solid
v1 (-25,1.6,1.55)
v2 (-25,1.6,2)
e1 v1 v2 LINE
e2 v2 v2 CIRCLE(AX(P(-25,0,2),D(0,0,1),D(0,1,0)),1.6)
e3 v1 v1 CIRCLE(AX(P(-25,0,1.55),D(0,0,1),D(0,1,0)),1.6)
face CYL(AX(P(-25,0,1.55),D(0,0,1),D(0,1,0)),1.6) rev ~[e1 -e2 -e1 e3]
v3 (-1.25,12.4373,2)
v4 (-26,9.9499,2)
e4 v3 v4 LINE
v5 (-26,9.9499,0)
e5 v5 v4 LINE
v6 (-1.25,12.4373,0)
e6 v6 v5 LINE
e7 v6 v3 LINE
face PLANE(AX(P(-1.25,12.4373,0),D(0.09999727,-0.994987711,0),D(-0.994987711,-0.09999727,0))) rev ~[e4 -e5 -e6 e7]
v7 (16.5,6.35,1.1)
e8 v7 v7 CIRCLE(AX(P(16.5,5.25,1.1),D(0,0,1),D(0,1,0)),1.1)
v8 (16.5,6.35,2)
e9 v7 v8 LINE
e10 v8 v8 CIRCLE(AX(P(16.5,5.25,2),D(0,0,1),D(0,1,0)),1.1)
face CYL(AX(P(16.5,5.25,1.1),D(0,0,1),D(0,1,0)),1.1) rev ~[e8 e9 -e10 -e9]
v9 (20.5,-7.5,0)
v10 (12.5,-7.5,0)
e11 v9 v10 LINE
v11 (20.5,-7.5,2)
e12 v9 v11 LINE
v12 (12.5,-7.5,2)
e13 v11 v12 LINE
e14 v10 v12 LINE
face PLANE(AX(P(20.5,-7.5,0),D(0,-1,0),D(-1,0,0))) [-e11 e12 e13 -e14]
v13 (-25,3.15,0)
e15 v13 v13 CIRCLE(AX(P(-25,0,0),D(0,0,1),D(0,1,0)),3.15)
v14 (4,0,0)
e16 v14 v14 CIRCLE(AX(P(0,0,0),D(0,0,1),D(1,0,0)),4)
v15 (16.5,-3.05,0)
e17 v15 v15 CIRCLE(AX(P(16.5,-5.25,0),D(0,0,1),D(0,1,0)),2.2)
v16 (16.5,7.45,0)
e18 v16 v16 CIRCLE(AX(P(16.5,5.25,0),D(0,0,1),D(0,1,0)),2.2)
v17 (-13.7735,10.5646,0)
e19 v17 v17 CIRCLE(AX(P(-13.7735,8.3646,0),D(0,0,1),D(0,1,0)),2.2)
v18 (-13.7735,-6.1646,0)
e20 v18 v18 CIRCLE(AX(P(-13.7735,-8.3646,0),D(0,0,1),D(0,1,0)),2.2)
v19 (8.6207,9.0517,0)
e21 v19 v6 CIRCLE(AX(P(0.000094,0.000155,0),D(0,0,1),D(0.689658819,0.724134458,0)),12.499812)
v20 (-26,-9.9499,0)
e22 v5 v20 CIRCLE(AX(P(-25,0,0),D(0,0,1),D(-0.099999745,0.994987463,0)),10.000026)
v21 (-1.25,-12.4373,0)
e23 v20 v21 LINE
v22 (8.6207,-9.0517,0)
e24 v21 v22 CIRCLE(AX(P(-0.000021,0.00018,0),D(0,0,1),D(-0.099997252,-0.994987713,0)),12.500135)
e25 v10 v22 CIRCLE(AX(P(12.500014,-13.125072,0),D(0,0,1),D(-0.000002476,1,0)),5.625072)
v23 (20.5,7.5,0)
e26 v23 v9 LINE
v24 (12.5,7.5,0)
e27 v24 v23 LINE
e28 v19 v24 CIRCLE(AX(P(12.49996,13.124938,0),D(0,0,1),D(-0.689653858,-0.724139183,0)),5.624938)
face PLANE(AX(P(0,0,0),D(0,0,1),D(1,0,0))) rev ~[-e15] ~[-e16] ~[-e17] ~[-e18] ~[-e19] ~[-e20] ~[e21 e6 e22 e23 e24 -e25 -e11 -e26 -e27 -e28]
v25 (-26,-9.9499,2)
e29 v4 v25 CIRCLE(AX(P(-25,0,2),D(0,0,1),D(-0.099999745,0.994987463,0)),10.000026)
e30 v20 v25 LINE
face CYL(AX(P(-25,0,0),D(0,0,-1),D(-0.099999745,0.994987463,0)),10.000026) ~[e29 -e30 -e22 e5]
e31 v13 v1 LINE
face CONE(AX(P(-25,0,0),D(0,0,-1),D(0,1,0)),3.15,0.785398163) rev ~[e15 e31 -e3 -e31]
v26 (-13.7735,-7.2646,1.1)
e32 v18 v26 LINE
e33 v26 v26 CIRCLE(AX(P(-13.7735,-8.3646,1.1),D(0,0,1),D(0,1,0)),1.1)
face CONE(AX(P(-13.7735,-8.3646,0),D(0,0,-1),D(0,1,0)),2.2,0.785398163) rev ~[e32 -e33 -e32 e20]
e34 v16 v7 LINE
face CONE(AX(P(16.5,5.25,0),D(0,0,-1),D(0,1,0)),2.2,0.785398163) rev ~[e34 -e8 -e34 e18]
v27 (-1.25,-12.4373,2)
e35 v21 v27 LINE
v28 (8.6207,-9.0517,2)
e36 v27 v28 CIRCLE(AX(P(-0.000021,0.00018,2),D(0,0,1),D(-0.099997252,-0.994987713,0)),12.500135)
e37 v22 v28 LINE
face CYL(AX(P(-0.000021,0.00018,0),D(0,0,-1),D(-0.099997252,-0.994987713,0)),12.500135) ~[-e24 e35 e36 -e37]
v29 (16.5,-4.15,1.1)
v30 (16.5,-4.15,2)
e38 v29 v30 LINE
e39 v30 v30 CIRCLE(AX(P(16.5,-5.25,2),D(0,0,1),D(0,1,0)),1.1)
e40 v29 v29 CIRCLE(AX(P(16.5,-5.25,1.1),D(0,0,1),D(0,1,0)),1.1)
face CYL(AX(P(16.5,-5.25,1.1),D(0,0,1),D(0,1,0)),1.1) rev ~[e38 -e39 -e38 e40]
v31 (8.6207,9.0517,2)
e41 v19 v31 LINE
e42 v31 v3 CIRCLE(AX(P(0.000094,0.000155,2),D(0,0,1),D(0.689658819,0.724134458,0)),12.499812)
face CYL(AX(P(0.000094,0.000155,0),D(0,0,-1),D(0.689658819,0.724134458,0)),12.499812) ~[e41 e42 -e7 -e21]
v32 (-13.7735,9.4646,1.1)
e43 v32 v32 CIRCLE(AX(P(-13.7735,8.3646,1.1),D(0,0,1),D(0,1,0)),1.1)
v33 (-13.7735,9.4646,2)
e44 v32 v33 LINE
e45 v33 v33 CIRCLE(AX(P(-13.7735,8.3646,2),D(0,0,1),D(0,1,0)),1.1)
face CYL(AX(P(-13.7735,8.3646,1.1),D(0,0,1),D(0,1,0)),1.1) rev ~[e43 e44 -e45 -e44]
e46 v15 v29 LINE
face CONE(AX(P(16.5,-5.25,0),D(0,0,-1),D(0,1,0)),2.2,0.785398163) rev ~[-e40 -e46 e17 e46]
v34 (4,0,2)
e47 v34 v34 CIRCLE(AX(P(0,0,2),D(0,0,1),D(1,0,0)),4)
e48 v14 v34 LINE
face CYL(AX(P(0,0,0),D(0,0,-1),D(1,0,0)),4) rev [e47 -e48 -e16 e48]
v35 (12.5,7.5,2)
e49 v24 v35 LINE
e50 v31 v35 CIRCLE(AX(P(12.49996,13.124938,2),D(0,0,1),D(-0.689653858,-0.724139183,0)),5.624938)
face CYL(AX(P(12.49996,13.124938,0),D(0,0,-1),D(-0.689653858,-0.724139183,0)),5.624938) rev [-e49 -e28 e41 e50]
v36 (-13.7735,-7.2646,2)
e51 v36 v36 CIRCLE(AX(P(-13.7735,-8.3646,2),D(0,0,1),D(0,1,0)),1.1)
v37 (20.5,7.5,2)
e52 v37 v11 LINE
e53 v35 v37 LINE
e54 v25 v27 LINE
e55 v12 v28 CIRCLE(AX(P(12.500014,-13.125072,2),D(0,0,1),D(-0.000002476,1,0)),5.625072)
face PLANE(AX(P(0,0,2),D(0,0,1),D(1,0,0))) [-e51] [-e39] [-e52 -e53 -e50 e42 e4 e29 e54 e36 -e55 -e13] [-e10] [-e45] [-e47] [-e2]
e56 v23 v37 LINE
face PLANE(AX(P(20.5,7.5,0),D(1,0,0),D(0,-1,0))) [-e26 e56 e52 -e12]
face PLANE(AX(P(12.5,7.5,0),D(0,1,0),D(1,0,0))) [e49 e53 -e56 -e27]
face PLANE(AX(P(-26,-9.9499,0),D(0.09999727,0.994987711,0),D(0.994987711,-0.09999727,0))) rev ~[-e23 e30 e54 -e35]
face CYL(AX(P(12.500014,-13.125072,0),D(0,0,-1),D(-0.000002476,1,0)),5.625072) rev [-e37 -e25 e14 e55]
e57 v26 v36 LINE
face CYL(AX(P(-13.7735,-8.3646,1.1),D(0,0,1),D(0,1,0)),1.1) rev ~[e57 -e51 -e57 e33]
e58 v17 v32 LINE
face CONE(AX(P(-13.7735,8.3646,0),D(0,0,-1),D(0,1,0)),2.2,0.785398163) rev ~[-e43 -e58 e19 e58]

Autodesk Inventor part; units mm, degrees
ref_plane "YZ Plane" through (0, 0, 0) normal (1, 0, 0) x (0, 1, 0)
ref_plane "XZ Plane" through (0, 0, 0) normal (0, 1, 0) x (-1, 0, 0)
ref_plane "XY Plane" through (0, 0, 0) normal (0, 0, 1) x (1, 0, 0)
sketch "Skizze1" plane through (0, 0, 0) normal (0, 0, 1) x (1, 0, 0)
  line L0 (0, 0) -> (20.5, 0) construction
  circle A0 centre (-25, 0) radius 2.25 construction
  line L1 (-25, 0) -> (0, 0) construction
  line L2 (-26, -9.9499) -> (-1.25, -12.4373)
  line L3 (-1.25, 12.4373) -> (-26, 9.9499)
  arc A1 (-26, 9.9499) -> (-26, -9.9499) centre (-25, 0) ccw
  arc A2 (-1.25, -12.4373) -> (-1.25, 12.4373) centre (0, 0) ccw construction
  circle A3 centre (0, 0) radius 4
  arc A4 (8.6207, 9.0517) -> (12.5, 7.5) centre (12.5, 13.125) ccw
  arc A5 (12.5, -7.5) -> (8.6207, -9.0517) centre (12.5, -13.125) ccw
  line L4 (12.5, 7.5) -> (20.5, 7.5)
  line L5 (20.5, 7.5) -> (20.5, -7.5)
  line L6 (20.5, -7.5) -> (12.5, -7.5)
  line L7 (12.5, -7.5) -> (12.5, 7.5) construction
  arc A6 (-1.25, -12.4373) -> (8.6207, -9.0517) centre (0, 0) ccw
  arc A7 (8.6207, 9.0517) -> (-1.25, 12.4373) centre (0, 0) ccw
  circle A8 centre (-25, 0) radius 4.875 construction
  line L8 (-25, 0) -> (-25, 4.875) construction
  circle A9 centre (0, 0) radius 10.15 construction
  line L9 (0, 0) -> (0, -10.15) construction
  line L10 (16.5, 5.25) -> (16.5, -5.25) construction
  line L11 (16.5, 7.5) -> (16.5, -7.5) construction
  circle A10 centre (-25, 0) radius 10 construction
  line L12 (-25, 0) -> (-13.7735, -8.3646) construction
  line L13 (-13.7735, -8.3646) -> (-14.0535, -11.1505) construction
  line L14 (-25, 0) -> (-13.7735, 8.3646) construction
  line L15 (-13.7735, 8.3646) -> (-14.0535, 11.1505) construction
  point P0 (-12.5, 0)
  point P1 (12.5, 0)
  point P2 (-29.2219, -2.4375)
  point P3 (-20.7781, -2.4375)
  point P4 (0, -10.15)
  point P5 (0, 10.15)
  point P6 (16.5, 0)
  dimension "d127" = 20.3
  dimension "Flansch_Hole_Dia" = 9.75
  dimension "d101" = 0
  dimension "CounterWeight_Swing_Rad" = 25
  dimension "d103" = 4.5
  dimension "d105" = 8
  dimension "d106" = 15
  dimension "LowerArm_ShaftFixation_Width" = 8
  dimension "d118" = 360
  dimension "d130" = 360
  dimension "d132" = 10.5
  dimension "d140" = 12.5
  dimension "LowerArm_Back_DiaOut" = 20
  dimension "d142" = 2.8
  dimension "LowerArm_Cover_FixationHole" = 14
  dimension "d144" = 14
  dimension "d145" = 2.8
extrude "Grundprofil" add sketch "Skizze1" along normal blind 2
hole "Hole10" at (-13.7735, -8.3646, 0) at (-13.7735, 8.3646, 0) direction (0, 0, 1) diameter 2.2 depth 12 tip angle 118 countersink diameter 4.4 countersink angle 90 clearance for "Countersunk Flat Head Screw DIN EN ISO 2009" size "M2" standard "DIN"
hole "Hole11" at (16.5, 5.25, 0) at (16.5, -5.25, 0) direction (0, 0, 1) diameter 2.2 depth 3 tip angle 118 countersink diameter 4.4 countersink angle 90 clearance for "Countersunk Raised Head Screw ISO 2010/7047" size "M2" standard "ISO"
hole "Hole12" at (-25, 0, 0) direction (0, 0, 1) diameter 3.2 depth 12 tip angle 118 countersink diameter 6.3 countersink angle 90 clearance for "Countersunk Flat Head Screw DIN EN ISO 2009" size "M3" standard "DIN"
properties part number "Lower_Arm_v3" material "Aluminum 6061"
